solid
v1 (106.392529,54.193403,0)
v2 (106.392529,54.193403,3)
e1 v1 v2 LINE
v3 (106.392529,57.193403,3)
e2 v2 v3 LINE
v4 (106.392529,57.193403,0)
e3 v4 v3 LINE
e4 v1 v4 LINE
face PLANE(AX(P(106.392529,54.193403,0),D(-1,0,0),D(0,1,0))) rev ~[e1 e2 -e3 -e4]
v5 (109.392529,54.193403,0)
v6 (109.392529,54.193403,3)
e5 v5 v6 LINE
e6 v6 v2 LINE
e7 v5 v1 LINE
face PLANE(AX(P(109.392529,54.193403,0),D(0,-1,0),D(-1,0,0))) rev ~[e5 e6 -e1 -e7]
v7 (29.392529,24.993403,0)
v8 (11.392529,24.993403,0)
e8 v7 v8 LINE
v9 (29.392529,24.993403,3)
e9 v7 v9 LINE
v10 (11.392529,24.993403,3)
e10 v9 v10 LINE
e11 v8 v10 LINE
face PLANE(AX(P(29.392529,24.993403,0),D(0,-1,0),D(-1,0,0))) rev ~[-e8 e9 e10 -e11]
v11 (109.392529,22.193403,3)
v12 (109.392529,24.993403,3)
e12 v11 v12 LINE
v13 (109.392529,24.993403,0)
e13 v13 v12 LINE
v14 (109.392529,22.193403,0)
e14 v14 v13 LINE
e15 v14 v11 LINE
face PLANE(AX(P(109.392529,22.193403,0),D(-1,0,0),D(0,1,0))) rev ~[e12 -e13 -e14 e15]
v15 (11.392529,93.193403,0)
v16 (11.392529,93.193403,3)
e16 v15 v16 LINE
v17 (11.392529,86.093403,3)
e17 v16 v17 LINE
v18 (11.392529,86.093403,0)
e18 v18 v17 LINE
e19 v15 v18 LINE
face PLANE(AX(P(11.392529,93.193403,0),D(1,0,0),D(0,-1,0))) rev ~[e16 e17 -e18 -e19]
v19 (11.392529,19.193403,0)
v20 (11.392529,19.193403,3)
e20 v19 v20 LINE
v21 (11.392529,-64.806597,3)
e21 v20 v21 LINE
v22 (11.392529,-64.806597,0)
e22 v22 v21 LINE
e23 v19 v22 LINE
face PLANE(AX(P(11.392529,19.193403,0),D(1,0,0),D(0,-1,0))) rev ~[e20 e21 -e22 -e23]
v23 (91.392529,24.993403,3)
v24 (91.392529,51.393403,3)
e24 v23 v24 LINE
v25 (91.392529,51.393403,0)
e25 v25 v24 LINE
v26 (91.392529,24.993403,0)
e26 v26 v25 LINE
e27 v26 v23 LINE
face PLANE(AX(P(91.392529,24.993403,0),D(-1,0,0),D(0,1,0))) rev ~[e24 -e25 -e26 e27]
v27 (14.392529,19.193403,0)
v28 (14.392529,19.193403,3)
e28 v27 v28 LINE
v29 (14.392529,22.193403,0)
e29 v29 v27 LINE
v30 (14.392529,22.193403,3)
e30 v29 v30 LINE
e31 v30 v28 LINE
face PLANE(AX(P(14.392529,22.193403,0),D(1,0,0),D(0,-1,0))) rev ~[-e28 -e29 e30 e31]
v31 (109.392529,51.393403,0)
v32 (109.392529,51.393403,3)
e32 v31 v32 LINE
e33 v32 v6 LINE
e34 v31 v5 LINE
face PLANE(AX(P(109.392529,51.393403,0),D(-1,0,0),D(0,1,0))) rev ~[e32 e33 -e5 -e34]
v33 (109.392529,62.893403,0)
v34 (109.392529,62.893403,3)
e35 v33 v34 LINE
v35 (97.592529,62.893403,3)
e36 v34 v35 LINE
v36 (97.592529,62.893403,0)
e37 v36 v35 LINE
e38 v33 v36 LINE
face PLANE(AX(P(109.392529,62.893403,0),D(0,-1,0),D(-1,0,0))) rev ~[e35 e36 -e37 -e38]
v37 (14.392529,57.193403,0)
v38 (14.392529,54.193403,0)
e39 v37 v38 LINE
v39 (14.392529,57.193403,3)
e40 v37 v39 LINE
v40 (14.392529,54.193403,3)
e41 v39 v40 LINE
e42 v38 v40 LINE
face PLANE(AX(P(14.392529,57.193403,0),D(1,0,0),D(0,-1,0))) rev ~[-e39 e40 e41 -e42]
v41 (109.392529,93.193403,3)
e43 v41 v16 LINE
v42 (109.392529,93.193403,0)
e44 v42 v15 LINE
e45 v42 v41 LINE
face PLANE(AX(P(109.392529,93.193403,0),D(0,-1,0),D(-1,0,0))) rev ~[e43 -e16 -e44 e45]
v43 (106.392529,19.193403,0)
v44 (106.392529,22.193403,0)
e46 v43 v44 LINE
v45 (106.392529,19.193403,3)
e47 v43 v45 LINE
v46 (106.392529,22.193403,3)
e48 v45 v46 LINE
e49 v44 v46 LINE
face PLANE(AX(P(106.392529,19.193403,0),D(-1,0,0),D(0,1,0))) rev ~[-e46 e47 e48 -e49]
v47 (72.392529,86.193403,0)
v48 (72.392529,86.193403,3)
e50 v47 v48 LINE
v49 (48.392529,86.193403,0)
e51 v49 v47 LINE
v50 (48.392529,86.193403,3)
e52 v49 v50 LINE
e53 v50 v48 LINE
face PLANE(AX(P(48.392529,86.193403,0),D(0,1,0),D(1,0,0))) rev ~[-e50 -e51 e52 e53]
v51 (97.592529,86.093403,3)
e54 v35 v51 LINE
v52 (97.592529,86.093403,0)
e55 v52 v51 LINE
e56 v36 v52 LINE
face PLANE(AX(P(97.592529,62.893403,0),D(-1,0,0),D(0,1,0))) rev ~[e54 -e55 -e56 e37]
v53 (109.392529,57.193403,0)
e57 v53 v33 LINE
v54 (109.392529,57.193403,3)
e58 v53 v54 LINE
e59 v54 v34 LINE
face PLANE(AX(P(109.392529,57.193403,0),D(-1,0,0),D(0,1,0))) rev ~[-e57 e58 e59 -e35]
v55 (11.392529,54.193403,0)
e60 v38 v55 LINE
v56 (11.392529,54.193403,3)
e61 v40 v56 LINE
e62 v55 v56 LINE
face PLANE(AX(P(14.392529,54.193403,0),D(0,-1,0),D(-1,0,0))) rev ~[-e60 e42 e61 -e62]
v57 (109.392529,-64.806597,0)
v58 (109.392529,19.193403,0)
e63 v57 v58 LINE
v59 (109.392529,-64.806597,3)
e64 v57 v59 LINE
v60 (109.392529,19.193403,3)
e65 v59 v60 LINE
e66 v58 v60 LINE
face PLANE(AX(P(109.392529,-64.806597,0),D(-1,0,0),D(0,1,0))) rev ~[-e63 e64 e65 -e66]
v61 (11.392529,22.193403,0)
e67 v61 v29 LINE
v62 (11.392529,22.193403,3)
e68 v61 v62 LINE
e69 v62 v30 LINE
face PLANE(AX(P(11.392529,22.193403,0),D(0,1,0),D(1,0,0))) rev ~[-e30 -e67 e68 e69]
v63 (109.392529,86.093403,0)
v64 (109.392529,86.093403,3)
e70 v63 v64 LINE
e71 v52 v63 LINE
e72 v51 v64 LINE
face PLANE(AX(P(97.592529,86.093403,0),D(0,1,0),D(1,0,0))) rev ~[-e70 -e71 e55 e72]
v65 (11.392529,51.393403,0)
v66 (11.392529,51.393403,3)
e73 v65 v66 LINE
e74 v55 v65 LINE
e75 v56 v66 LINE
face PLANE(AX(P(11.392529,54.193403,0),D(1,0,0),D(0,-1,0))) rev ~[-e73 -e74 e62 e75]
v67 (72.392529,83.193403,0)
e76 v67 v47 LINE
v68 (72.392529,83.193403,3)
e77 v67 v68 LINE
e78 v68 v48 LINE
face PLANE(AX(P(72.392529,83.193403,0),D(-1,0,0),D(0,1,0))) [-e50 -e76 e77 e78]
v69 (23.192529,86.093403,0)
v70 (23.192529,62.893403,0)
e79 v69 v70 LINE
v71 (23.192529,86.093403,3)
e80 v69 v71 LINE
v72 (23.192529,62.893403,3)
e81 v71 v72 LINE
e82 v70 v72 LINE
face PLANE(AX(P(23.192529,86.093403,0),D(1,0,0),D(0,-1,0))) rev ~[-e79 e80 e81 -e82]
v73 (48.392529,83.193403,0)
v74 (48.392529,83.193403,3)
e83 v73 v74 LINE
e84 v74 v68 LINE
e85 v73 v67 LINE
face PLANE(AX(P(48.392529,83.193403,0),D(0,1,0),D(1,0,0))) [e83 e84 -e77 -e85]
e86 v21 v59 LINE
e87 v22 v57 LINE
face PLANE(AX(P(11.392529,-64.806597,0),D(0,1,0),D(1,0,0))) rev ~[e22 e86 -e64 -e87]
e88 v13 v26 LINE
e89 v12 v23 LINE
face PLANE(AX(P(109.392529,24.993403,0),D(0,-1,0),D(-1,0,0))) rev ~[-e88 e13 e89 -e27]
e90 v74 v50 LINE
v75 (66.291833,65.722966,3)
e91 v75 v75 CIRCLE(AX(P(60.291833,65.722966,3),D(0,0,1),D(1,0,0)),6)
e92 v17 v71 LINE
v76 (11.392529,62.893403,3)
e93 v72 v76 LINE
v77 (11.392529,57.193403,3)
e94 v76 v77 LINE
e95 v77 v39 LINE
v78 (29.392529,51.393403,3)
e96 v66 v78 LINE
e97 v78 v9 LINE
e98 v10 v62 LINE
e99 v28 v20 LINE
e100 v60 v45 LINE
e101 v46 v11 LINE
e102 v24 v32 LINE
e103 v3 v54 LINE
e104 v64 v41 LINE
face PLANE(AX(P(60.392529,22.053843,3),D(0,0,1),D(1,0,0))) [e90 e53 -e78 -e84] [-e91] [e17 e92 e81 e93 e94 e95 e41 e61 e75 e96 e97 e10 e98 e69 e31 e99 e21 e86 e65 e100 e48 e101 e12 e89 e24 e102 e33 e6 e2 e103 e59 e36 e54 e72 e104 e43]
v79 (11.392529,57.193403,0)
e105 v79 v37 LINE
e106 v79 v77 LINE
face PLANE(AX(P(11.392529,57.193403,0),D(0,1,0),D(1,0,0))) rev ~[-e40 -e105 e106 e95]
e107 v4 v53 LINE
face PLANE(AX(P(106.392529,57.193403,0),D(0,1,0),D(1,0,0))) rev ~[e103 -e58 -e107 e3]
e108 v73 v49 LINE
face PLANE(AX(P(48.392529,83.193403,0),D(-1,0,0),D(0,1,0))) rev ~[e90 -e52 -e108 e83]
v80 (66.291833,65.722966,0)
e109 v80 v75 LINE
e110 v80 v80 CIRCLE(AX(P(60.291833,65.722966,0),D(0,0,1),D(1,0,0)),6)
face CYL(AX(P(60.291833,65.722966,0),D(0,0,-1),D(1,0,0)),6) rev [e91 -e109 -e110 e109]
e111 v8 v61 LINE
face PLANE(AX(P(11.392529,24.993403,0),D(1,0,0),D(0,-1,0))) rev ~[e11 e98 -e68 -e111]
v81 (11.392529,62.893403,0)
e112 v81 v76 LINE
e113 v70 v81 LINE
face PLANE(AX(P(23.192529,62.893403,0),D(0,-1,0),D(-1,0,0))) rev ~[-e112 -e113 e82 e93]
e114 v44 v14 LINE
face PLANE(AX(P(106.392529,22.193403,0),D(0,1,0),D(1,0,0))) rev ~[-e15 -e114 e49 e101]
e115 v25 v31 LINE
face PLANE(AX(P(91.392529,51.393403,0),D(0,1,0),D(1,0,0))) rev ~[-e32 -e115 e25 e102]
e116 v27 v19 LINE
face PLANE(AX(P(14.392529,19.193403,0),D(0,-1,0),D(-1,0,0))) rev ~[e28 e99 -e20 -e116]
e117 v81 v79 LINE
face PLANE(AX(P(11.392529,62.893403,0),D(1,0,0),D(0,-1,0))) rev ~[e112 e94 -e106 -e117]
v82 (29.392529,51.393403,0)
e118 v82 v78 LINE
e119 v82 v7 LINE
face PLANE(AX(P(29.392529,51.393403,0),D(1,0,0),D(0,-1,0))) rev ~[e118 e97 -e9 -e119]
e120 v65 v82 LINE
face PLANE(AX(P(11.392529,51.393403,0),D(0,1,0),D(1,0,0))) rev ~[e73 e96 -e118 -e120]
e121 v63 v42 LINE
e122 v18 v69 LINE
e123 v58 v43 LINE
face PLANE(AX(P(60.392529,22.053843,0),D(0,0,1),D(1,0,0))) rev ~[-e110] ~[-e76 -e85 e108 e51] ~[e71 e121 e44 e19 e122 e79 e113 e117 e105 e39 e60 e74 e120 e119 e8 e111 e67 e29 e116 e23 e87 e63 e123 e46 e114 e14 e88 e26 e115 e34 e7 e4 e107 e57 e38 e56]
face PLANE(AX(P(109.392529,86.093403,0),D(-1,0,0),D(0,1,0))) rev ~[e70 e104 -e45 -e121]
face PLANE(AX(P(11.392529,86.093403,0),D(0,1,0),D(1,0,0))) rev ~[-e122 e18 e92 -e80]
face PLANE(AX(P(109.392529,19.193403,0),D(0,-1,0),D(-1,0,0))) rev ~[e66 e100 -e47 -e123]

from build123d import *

# Parameters (mm, degrees)
MODEL_R                 = 6
MODEL_W                 = 24
MODEL_H                 = 3
SALIENTE_EXTRUIR1_DEPTH = 3


with BuildPart() as part:
    # Model → Saliente-Extruir1 (new body)
    with BuildSketch(Plane.XY):
        Polygon((11.392528896, 93.193403392), (11.392528896, 86.093403392), (23.192528896, 86.093403392), (23.192528896, 62.893403392), (11.392528896, 62.893403392), (11.392528896, 57.193403392), (14.392528896, 57.193403392), (14.392528896, 54.193403392), (11.392528896, 54.193403392), (11.392528896, 51.393403392), (29.392528896, 51.393403392), (29.392528896, 24.993403392), (11.392528896, 24.993403392), (11.392528896, 22.193403392), (14.392528896, 22.193403392), (14.392528896, 19.193403392), (11.392528896, 19.193403392), (11.392528896, -64.806596608), (109.392528896, -64.806596608), (109.392528896, 19.193403392), (106.392528896, 19.193403392), (106.392528896, 22.193403392), (109.392528896, 22.193403392), (109.392528896, 24.993403392), (91.392528896, 24.993403392), (91.392528896, 51.393403392), (109.392528896, 51.393403392), (109.392528896, 54.193403392), (106.392528896, 54.193403392), (106.392528896, 57.193403392), (109.392528896, 57.193403392), (109.392528896, 62.893403392), (97.592528896, 62.893403392), (97.592528896, 86.093403392), (109.392528896, 86.093403392), (109.392528896, 93.193403392), align=None)
        with Locations((60.291833129, 65.722966384)):
            Circle(MODEL_R, mode=Mode.SUBTRACT)
        with Locations((60.392528896, 84.693403392)):
            Rectangle(MODEL_W, MODEL_H, mode=Mode.SUBTRACT)
    extrude(amount=SALIENTE_EXTRUIR1_DEPTH)


solid = part.part
